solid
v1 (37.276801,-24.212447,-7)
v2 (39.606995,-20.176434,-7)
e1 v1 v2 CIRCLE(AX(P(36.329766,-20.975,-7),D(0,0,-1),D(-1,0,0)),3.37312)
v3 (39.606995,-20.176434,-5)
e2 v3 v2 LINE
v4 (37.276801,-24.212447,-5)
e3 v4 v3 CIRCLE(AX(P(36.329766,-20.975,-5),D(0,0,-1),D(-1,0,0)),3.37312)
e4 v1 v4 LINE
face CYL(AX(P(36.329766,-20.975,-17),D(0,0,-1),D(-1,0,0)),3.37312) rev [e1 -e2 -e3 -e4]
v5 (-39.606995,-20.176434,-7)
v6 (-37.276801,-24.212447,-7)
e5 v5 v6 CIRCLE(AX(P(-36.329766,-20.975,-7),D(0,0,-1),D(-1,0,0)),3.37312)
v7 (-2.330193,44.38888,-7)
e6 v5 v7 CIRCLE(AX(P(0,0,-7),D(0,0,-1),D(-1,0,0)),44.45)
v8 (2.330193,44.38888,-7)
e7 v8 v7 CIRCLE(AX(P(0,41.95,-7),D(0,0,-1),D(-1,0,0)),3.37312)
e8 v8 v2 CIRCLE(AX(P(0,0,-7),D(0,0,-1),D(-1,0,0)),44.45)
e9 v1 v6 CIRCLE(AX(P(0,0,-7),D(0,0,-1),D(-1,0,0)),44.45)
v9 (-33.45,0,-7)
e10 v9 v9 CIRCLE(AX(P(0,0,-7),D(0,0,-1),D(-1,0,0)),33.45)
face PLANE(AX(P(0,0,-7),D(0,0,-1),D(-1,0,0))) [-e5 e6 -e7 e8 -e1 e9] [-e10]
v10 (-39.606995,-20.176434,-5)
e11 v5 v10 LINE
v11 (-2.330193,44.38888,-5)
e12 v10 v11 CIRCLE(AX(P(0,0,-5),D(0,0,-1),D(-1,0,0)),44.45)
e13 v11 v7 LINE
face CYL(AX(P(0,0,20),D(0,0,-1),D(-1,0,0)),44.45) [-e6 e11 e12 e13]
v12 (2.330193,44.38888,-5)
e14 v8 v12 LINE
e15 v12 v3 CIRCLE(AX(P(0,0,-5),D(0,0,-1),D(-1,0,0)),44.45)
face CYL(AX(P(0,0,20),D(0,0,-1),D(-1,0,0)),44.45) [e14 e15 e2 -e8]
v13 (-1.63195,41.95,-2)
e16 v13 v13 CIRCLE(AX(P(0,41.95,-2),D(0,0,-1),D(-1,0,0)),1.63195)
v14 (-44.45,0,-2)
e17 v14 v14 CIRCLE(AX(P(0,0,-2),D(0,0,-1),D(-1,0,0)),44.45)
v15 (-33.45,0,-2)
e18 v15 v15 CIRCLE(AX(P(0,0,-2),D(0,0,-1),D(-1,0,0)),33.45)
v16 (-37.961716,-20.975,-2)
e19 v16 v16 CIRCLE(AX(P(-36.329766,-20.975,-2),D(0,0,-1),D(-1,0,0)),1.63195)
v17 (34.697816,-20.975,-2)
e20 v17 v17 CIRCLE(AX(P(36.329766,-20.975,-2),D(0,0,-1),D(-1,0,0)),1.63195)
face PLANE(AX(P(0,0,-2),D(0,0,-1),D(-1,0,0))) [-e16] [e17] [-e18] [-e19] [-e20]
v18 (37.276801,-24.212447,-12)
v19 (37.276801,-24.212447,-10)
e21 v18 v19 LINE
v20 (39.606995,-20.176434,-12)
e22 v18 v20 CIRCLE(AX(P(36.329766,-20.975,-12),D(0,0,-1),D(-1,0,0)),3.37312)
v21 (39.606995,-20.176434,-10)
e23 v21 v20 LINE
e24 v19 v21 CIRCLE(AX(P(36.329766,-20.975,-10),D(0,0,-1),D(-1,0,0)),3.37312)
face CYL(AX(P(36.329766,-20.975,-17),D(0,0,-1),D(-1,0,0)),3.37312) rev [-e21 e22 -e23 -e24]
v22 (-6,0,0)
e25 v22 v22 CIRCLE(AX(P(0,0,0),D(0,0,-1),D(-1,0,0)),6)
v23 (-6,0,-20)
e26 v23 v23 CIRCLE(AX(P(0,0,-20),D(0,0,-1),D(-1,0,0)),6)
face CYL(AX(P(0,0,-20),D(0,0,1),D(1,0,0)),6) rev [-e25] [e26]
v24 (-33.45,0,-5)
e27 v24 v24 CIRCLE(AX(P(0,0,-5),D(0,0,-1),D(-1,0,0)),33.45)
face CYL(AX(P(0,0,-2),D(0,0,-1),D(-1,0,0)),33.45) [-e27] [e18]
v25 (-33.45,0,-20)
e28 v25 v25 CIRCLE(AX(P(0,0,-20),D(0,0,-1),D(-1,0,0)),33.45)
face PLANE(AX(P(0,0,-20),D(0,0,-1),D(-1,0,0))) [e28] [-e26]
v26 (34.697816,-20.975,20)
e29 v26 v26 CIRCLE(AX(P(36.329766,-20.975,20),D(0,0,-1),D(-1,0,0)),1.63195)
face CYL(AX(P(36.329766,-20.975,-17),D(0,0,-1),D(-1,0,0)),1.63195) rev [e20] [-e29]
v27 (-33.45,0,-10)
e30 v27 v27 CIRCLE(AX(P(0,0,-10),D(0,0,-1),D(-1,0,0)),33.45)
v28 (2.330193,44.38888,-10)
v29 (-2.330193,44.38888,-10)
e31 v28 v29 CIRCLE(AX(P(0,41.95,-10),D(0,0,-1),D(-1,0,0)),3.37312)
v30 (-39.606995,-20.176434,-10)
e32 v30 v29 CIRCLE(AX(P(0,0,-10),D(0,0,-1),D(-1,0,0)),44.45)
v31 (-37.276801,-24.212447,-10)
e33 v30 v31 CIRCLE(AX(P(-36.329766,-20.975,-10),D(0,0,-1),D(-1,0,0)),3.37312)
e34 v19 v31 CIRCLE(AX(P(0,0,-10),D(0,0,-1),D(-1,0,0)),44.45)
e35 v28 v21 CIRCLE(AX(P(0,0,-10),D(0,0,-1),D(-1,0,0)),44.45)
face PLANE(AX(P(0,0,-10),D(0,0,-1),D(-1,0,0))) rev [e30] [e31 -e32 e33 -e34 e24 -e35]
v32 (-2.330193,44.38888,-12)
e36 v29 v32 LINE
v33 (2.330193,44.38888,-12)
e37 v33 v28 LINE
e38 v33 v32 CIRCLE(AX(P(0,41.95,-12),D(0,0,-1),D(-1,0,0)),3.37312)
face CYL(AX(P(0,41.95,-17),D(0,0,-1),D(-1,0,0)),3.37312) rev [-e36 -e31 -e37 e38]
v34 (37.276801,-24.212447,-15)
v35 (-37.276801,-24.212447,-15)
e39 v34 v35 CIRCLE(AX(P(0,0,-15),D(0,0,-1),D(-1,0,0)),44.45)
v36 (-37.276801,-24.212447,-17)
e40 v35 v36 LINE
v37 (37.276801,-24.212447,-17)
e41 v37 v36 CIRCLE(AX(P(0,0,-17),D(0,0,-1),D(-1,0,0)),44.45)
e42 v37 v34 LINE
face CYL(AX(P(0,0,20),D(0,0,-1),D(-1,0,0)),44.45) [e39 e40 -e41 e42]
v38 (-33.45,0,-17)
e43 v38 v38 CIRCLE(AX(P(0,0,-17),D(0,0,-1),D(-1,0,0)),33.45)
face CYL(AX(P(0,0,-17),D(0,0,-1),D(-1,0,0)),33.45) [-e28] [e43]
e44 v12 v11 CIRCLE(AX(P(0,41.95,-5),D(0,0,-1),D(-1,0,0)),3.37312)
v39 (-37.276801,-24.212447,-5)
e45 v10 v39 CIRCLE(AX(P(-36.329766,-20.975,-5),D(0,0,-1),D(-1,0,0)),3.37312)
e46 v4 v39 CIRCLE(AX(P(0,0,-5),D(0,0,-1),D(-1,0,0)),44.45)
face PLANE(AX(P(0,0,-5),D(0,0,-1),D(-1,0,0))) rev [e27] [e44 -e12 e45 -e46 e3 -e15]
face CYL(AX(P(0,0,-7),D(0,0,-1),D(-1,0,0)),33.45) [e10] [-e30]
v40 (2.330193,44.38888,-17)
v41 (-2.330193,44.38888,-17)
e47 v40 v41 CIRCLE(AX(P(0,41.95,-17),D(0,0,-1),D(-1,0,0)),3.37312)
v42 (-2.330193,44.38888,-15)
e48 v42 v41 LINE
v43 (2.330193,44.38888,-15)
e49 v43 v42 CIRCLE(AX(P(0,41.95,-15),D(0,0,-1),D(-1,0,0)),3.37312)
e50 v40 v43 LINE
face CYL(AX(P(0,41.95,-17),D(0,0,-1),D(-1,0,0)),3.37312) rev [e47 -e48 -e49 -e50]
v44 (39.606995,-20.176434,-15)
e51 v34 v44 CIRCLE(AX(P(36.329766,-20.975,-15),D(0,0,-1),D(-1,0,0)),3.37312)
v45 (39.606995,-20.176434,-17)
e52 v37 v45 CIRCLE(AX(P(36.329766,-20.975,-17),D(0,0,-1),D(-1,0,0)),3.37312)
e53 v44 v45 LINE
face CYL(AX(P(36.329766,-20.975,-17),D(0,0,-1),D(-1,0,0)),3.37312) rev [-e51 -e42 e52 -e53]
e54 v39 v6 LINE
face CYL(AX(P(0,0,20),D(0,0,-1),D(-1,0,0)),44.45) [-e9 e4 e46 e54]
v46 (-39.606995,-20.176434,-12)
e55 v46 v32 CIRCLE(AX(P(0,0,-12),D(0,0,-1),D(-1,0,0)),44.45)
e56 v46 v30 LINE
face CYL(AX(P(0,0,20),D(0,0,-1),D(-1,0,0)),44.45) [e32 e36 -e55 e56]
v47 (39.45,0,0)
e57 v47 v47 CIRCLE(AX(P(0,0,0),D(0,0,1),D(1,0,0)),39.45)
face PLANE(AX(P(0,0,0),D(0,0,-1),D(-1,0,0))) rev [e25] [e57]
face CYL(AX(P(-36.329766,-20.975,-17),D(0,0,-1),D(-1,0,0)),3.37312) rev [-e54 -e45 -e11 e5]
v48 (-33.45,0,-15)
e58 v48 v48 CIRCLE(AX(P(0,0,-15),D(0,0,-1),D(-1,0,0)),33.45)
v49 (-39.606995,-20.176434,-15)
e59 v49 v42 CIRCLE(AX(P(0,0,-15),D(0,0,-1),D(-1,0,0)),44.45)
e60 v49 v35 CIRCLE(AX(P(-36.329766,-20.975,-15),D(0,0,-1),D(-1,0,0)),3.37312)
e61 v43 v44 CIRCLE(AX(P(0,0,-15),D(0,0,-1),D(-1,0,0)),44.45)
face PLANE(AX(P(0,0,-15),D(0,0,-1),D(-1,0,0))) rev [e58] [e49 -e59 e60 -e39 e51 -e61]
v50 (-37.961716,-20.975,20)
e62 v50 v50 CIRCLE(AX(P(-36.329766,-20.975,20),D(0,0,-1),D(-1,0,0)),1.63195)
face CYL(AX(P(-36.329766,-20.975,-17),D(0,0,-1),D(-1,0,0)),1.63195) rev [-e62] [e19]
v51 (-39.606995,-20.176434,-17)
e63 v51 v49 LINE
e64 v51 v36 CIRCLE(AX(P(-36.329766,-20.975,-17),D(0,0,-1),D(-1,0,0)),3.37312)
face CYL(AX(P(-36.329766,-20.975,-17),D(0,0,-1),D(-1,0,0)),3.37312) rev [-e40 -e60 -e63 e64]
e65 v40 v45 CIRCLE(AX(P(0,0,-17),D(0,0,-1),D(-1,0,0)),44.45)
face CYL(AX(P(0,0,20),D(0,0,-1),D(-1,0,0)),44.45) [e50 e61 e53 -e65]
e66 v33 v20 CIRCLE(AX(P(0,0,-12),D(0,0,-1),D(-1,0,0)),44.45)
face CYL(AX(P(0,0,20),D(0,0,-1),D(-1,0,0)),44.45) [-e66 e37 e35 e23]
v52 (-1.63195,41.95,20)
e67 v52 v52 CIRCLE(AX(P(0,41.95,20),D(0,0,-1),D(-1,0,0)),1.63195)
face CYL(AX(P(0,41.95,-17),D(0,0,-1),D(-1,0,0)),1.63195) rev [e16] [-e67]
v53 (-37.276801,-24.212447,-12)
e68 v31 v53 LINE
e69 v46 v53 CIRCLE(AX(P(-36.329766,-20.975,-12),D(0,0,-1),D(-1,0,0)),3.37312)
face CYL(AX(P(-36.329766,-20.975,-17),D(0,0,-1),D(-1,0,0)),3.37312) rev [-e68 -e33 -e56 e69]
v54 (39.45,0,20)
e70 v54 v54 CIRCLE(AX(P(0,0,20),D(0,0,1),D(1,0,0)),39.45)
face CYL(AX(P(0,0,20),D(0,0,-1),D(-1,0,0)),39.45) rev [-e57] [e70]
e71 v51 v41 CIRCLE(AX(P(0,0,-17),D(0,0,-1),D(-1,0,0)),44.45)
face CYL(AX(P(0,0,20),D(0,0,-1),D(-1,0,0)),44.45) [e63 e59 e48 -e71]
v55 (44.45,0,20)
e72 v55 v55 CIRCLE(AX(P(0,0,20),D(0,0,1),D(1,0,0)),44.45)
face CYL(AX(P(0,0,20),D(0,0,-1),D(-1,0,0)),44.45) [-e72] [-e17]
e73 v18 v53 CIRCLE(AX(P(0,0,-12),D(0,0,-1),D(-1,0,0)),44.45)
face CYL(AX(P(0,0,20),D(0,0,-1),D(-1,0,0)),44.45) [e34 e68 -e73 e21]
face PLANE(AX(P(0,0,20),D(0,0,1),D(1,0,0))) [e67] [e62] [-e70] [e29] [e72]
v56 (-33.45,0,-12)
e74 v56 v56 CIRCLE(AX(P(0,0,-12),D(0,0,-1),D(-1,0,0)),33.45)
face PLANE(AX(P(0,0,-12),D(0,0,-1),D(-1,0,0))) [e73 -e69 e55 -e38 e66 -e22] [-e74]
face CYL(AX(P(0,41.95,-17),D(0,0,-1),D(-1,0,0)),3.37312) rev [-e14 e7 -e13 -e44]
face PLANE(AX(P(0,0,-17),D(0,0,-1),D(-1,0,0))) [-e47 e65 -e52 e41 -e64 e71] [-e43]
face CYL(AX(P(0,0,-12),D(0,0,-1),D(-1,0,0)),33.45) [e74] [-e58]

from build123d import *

# Parameters (mm, degrees)
SKETCH1_R                                           = 44.45
SKETCH1_R_2                                         = 39.45
BOSS_EXTRUDE1_DEPTH                                 = 20
BOSS_EXTRUDE2_START                                 = 20
SKETCH4_R                                           = 44.45
SKETCH4_R_2                                         = 6
BOSS_EXTRUDE2_DEPTH                                 = 20
SKETCH5_R                                           = 44.45
SKETCH5_R_2                                         = 33.45
CUT_EXTRUDE1_DEPTH                                  = 3
LPATTERN1_COUNT                                     = 4
LPATTERN1_PITCH                                     = 5
CBORE_FOR_4_BINDING_HEAD_MACHINE_SCREW3_D           = 3.2639
CBORE_FOR_4_BINDING_HEAD_MACHINE_SCREW3_CBORE_D     = 6.74624
CBORE_FOR_4_BINDING_HEAD_MACHINE_SCREW3_CBORE_DEPTH = 14.4272
CIRPATTERN2_COUNT                                   = 3


with BuildPart() as part:
    # Sketch1 → Boss-Extrude1 (new body)
    with BuildSketch(Plane.XY):
        Circle(SKETCH1_R)
        Circle(SKETCH1_R_2, mode=Mode.SUBTRACT)
    extrude(amount=BOSS_EXTRUDE1_DEPTH)

    # Sketch4 → Boss-Extrude2 (add)
    with BuildSketch(Plane(origin=(0, 0, 0), x_dir=(-1, 0, 0), z_dir=(0, 0, -1)).offset(BOSS_EXTRUDE2_START)):
        Circle(SKETCH4_R)
        Circle(SKETCH4_R_2, mode=Mode.SUBTRACT)
    extrude(amount=-BOSS_EXTRUDE2_DEPTH)

    # Sketch5 → Cut-Extrude1 (cut)
    with BuildSketch(Plane(origin=(0, 0, -20), x_dir=(-1, 0, 0), z_dir=(0, 0, -1))):
        Circle(SKETCH5_R)
        Circle(SKETCH5_R_2, mode=Mode.SUBTRACT)
    cut_extrude1 = extrude(amount=-CUT_EXTRUDE1_DEPTH, mode=Mode.SUBTRACT)

    # LPattern1: Cut-Extrude1 ×4
    with Locations(*[(0, 0, i * LPATTERN1_PITCH) for i in range(1, LPATTERN1_COUNT)]):
        add(cut_extrude1, mode=Mode.SUBTRACT)

    # CBORE for #4 Binding Head Machine Screw3 (through all)
    with Locations(Plane(origin=(0, 0, -17), x_dir=(-1, 0, 0), z_dir=(0, 0, -1))):
        with Locations((0, 41.95)):
            cbore_for_4_binding_head_machine_screw3 = CounterBoreHole(CBORE_FOR_4_BINDING_HEAD_MACHINE_SCREW3_D / 2, CBORE_FOR_4_BINDING_HEAD_MACHINE_SCREW3_CBORE_D / 2, CBORE_FOR_4_BINDING_HEAD_MACHINE_SCREW3_CBORE_DEPTH)

    # CirPattern2: CBORE for #4 Binding Head Machine Screw3 ×3 about axis
    cirpattern2_axis = Axis((0, 0, 0), (0, 0, 1))
    for i in range(1, CIRPATTERN2_COUNT):
        add(cbore_for_4_binding_head_machine_screw3.rotate(cirpattern2_axis, i * 360 / CIRPATTERN2_COUNT), mode=Mode.SUBTRACT)


solid = part.part
